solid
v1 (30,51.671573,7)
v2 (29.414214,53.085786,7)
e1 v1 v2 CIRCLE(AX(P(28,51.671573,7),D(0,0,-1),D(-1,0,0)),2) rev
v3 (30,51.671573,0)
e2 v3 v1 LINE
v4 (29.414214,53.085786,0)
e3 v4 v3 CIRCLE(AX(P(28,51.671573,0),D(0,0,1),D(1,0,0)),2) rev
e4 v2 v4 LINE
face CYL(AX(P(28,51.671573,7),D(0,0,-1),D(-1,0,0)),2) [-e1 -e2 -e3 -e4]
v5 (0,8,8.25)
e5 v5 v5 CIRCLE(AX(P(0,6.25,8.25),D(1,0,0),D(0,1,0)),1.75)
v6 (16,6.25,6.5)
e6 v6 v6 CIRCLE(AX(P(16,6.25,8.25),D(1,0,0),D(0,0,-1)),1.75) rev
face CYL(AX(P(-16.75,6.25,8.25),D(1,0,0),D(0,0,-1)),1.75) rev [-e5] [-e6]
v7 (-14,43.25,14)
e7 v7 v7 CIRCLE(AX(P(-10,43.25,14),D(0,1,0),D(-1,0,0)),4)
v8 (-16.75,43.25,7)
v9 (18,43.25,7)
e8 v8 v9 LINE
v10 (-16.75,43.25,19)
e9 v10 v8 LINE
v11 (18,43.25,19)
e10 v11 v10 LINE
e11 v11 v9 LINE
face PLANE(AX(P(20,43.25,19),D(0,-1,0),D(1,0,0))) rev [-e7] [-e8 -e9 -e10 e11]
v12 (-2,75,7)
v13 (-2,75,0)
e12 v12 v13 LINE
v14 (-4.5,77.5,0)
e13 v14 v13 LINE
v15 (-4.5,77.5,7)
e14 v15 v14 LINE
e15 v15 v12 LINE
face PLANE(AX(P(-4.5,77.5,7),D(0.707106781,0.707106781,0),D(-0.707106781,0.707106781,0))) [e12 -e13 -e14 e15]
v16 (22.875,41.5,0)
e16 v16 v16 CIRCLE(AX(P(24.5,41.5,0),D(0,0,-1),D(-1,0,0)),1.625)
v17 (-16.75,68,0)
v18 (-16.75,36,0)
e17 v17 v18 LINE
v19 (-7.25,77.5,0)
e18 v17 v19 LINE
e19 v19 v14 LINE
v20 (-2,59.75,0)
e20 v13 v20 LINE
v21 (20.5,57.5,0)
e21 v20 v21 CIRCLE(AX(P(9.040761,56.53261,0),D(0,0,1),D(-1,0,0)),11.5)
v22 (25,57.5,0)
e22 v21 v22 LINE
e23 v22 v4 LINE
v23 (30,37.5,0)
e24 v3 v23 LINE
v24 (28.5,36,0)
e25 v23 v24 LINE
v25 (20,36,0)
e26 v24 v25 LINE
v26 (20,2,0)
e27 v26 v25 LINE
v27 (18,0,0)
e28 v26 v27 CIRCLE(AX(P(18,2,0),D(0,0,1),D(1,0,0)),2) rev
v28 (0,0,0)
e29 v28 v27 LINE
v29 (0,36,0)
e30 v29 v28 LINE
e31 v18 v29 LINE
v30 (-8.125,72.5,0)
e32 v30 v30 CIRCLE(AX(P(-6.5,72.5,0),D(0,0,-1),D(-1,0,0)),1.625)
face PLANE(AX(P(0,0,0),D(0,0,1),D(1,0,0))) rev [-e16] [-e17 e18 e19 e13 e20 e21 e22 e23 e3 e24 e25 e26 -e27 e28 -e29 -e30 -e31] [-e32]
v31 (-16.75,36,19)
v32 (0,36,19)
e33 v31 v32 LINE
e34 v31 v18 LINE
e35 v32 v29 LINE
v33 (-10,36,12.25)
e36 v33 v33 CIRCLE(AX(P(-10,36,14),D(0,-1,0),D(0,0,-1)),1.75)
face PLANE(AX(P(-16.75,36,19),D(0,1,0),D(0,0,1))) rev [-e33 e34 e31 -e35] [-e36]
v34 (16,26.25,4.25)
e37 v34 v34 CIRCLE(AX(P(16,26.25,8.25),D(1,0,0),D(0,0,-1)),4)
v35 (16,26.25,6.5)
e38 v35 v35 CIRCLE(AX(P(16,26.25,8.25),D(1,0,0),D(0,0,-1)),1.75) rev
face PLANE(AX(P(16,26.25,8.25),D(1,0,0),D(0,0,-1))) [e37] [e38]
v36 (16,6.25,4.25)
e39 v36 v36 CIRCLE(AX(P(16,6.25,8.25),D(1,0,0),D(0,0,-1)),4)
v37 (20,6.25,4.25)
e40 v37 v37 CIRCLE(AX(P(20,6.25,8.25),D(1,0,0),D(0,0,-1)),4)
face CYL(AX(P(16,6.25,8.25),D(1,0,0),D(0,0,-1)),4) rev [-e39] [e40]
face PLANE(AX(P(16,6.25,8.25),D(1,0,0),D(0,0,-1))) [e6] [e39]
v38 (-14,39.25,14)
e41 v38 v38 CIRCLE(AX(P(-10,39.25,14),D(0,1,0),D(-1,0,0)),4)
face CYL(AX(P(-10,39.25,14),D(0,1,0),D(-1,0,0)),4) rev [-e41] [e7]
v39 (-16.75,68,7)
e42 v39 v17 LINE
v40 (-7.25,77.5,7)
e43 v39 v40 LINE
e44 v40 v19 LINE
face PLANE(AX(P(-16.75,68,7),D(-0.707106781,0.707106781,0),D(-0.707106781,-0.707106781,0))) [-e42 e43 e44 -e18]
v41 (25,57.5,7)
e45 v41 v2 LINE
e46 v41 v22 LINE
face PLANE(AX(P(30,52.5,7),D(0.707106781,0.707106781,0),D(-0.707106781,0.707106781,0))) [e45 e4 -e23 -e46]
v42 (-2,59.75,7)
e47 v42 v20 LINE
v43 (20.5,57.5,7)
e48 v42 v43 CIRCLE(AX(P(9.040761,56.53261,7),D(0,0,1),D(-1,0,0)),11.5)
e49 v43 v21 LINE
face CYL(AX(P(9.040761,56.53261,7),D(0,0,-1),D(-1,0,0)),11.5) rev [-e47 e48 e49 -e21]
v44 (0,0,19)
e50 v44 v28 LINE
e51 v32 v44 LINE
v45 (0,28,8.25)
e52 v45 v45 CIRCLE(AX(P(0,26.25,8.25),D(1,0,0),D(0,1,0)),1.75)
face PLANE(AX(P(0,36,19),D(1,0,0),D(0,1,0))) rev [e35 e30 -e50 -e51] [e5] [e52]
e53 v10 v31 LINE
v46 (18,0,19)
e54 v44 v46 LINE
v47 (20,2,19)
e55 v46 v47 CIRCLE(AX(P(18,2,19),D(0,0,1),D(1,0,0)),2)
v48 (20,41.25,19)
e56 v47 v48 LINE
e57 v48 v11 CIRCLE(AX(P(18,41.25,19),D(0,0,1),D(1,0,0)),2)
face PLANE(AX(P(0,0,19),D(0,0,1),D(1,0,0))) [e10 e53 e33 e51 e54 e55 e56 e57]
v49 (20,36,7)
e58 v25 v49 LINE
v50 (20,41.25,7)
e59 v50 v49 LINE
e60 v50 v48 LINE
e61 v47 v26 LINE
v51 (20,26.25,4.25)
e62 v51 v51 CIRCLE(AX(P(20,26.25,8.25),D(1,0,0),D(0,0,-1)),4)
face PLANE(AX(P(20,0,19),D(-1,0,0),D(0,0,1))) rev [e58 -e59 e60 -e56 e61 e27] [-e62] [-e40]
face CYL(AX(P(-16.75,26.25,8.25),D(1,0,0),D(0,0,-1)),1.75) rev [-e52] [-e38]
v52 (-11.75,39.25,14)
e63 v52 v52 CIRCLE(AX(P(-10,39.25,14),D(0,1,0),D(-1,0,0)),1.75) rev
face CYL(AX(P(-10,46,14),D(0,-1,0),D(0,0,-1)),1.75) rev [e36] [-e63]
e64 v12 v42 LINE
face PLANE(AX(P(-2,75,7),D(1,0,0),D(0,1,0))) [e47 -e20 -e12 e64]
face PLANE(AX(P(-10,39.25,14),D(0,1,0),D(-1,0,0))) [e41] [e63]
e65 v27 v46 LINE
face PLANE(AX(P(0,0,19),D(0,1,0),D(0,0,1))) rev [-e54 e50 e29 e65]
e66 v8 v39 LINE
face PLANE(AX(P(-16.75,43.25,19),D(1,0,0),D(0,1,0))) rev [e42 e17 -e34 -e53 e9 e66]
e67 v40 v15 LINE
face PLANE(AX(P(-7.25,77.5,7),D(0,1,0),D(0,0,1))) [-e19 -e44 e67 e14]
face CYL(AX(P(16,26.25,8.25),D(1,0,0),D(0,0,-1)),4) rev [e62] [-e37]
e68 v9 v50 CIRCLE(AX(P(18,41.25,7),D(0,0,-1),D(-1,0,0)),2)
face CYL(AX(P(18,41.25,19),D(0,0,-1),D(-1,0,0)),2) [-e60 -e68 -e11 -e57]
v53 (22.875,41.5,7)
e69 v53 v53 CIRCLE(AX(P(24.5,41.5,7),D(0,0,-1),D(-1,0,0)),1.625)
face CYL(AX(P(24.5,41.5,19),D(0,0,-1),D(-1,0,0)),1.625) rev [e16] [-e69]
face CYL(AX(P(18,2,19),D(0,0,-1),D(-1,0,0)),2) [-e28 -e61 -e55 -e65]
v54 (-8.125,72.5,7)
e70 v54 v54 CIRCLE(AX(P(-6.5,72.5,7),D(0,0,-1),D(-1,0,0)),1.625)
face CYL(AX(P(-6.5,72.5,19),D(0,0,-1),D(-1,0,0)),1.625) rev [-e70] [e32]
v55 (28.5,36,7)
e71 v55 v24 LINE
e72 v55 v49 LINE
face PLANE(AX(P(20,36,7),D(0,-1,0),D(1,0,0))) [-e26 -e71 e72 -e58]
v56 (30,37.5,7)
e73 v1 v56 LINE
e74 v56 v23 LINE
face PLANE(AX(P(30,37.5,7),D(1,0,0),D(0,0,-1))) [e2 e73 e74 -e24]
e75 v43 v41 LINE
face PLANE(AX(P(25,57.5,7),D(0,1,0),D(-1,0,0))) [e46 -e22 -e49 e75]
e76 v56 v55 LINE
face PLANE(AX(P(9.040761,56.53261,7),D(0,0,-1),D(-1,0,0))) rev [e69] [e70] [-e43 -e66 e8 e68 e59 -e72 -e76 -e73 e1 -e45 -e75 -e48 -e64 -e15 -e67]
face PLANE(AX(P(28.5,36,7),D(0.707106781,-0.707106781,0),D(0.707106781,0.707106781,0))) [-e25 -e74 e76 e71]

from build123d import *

# Parameters (mm, degrees)
BOSS_EXTRUDE1_DEPTH = 19
BOSS_EXTRUDE2_DEPTH = 7
SKETCH3_R           = 1.75
CUT_EXTRUDE1_DEPTH  = 37.75
SKETCH6_R           = 4
CUT_EXTRUDE4_DEPTH  = 4
SKETCH7_R           = 1.625
CUT_EXTRUDE5_DEPTH  = 20
FILLET1_R           = 2
SKETCH8_R           = 1.75
CUT_EXTRUDE6_DEPTH  = 10
SKETCH9_R           = 4
CUT_EXTRUDE7_DEPTH  = 4


with BuildPart() as part:
    # Sketch1 → Boss-Extrude1 (new body)
    with BuildSketch(Plane.XY):
        Polygon((0, 0), (20, 0), (20, 43.25), (-16.75, 43.25), (-16.75, 36), (0, 36), align=None)
    extrude(amount=BOSS_EXTRUDE1_DEPTH)

    # Sketch2 → Boss-Extrude2 (add)
    with BuildSketch(Plane(origin=(0, 0, 0), x_dir=(-1, 0, 0), z_dir=(0, 0, -1))):
        with BuildLine():
            Line((-20, 36), (16.75, 36))
            Line((16.75, 36), (16.75, 68))
            Line((16.75, 68), (7.25, 77.5))
            Line((7.25, 77.5), (4.5, 77.5))
            Line((4.5, 77.5), (2, 75))
            Line((2, 75), (2, 59.75))
            ThreePointArc((2, 59.75), (-7.896468276, 45.089682755), (-20.5, 57.5))
            Line((-20.5, 57.5), (-25, 57.5))
            Line((-25, 57.5), (-30, 52.5))
            Line((-30, 52.5), (-30, 37.5))
            Line((-30, 37.5), (-28.5, 36))
            Line((-28.5, 36), (-20, 36))
        make_face()
    extrude(amount=-BOSS_EXTRUDE2_DEPTH)

    # Sketch3 → Cut-Extrude1 (cut, through all)
    with BuildSketch(Plane(origin=(20, 0, 0), x_dir=(0, 0, -1), z_dir=(1, 0, 0))):
        with Locations((-8.25, 26.25)):
            Circle(SKETCH3_R)
        with Locations((-8.25, 6.25)):
            Circle(SKETCH3_R)
    extrude(amount=-CUT_EXTRUDE1_DEPTH, mode=Mode.SUBTRACT)

    # Sketch6 → Cut-Extrude4 (cut)
    with BuildSketch(Plane(origin=(20, 0, 0), x_dir=(0, 0, -1), z_dir=(1, 0, 0))):
        with Locations((-8.25, 26.25)):
            Circle(SKETCH6_R)
        with Locations((-8.25, 6.25)):
            Circle(SKETCH6_R)
    extrude(amount=-CUT_EXTRUDE4_DEPTH, mode=Mode.SUBTRACT)

    # Sketch7 → Cut-Extrude5 (cut, through all)
    with BuildSketch(Plane(origin=(0, 0, 0), x_dir=(-1, 0, 0), z_dir=(0, 0, -1))):
        with Locations((6.5, 72.5)):
            Circle(SKETCH7_R)
        with Locations((-24.5, 41.5)):
            Circle(SKETCH7_R)
    extrude(amount=-CUT_EXTRUDE5_DEPTH, mode=Mode.SUBTRACT)

    # Fillet1
    fillet1_edges = [part.edges().sort_by_distance(p)[0] for p in [
        (20, 43.25, 13),
        (20, 0, 9.5),
        (30, 52.5, 3.5),
    ]]
    fillet(fillet1_edges, radius=FILLET1_R)

    # Sketch8 → Cut-Extrude6 (cut)
    with BuildSketch(Plane.XZ.offset(-36)):
        with Locations((-10, 14)):
            Circle(SKETCH8_R)
    extrude(amount=-CUT_EXTRUDE6_DEPTH, mode=Mode.SUBTRACT)

    # Sketch9 → Cut-Extrude7 (cut)
    with BuildSketch(Plane(origin=(0, 43.25, 0), x_dir=(1, 0, 0), z_dir=(0, 1, 0))):
        with Locations((-10, -14)):
            Circle(SKETCH9_R)
    extrude(amount=-CUT_EXTRUDE7_DEPTH, mode=Mode.SUBTRACT)


solid = part.part
